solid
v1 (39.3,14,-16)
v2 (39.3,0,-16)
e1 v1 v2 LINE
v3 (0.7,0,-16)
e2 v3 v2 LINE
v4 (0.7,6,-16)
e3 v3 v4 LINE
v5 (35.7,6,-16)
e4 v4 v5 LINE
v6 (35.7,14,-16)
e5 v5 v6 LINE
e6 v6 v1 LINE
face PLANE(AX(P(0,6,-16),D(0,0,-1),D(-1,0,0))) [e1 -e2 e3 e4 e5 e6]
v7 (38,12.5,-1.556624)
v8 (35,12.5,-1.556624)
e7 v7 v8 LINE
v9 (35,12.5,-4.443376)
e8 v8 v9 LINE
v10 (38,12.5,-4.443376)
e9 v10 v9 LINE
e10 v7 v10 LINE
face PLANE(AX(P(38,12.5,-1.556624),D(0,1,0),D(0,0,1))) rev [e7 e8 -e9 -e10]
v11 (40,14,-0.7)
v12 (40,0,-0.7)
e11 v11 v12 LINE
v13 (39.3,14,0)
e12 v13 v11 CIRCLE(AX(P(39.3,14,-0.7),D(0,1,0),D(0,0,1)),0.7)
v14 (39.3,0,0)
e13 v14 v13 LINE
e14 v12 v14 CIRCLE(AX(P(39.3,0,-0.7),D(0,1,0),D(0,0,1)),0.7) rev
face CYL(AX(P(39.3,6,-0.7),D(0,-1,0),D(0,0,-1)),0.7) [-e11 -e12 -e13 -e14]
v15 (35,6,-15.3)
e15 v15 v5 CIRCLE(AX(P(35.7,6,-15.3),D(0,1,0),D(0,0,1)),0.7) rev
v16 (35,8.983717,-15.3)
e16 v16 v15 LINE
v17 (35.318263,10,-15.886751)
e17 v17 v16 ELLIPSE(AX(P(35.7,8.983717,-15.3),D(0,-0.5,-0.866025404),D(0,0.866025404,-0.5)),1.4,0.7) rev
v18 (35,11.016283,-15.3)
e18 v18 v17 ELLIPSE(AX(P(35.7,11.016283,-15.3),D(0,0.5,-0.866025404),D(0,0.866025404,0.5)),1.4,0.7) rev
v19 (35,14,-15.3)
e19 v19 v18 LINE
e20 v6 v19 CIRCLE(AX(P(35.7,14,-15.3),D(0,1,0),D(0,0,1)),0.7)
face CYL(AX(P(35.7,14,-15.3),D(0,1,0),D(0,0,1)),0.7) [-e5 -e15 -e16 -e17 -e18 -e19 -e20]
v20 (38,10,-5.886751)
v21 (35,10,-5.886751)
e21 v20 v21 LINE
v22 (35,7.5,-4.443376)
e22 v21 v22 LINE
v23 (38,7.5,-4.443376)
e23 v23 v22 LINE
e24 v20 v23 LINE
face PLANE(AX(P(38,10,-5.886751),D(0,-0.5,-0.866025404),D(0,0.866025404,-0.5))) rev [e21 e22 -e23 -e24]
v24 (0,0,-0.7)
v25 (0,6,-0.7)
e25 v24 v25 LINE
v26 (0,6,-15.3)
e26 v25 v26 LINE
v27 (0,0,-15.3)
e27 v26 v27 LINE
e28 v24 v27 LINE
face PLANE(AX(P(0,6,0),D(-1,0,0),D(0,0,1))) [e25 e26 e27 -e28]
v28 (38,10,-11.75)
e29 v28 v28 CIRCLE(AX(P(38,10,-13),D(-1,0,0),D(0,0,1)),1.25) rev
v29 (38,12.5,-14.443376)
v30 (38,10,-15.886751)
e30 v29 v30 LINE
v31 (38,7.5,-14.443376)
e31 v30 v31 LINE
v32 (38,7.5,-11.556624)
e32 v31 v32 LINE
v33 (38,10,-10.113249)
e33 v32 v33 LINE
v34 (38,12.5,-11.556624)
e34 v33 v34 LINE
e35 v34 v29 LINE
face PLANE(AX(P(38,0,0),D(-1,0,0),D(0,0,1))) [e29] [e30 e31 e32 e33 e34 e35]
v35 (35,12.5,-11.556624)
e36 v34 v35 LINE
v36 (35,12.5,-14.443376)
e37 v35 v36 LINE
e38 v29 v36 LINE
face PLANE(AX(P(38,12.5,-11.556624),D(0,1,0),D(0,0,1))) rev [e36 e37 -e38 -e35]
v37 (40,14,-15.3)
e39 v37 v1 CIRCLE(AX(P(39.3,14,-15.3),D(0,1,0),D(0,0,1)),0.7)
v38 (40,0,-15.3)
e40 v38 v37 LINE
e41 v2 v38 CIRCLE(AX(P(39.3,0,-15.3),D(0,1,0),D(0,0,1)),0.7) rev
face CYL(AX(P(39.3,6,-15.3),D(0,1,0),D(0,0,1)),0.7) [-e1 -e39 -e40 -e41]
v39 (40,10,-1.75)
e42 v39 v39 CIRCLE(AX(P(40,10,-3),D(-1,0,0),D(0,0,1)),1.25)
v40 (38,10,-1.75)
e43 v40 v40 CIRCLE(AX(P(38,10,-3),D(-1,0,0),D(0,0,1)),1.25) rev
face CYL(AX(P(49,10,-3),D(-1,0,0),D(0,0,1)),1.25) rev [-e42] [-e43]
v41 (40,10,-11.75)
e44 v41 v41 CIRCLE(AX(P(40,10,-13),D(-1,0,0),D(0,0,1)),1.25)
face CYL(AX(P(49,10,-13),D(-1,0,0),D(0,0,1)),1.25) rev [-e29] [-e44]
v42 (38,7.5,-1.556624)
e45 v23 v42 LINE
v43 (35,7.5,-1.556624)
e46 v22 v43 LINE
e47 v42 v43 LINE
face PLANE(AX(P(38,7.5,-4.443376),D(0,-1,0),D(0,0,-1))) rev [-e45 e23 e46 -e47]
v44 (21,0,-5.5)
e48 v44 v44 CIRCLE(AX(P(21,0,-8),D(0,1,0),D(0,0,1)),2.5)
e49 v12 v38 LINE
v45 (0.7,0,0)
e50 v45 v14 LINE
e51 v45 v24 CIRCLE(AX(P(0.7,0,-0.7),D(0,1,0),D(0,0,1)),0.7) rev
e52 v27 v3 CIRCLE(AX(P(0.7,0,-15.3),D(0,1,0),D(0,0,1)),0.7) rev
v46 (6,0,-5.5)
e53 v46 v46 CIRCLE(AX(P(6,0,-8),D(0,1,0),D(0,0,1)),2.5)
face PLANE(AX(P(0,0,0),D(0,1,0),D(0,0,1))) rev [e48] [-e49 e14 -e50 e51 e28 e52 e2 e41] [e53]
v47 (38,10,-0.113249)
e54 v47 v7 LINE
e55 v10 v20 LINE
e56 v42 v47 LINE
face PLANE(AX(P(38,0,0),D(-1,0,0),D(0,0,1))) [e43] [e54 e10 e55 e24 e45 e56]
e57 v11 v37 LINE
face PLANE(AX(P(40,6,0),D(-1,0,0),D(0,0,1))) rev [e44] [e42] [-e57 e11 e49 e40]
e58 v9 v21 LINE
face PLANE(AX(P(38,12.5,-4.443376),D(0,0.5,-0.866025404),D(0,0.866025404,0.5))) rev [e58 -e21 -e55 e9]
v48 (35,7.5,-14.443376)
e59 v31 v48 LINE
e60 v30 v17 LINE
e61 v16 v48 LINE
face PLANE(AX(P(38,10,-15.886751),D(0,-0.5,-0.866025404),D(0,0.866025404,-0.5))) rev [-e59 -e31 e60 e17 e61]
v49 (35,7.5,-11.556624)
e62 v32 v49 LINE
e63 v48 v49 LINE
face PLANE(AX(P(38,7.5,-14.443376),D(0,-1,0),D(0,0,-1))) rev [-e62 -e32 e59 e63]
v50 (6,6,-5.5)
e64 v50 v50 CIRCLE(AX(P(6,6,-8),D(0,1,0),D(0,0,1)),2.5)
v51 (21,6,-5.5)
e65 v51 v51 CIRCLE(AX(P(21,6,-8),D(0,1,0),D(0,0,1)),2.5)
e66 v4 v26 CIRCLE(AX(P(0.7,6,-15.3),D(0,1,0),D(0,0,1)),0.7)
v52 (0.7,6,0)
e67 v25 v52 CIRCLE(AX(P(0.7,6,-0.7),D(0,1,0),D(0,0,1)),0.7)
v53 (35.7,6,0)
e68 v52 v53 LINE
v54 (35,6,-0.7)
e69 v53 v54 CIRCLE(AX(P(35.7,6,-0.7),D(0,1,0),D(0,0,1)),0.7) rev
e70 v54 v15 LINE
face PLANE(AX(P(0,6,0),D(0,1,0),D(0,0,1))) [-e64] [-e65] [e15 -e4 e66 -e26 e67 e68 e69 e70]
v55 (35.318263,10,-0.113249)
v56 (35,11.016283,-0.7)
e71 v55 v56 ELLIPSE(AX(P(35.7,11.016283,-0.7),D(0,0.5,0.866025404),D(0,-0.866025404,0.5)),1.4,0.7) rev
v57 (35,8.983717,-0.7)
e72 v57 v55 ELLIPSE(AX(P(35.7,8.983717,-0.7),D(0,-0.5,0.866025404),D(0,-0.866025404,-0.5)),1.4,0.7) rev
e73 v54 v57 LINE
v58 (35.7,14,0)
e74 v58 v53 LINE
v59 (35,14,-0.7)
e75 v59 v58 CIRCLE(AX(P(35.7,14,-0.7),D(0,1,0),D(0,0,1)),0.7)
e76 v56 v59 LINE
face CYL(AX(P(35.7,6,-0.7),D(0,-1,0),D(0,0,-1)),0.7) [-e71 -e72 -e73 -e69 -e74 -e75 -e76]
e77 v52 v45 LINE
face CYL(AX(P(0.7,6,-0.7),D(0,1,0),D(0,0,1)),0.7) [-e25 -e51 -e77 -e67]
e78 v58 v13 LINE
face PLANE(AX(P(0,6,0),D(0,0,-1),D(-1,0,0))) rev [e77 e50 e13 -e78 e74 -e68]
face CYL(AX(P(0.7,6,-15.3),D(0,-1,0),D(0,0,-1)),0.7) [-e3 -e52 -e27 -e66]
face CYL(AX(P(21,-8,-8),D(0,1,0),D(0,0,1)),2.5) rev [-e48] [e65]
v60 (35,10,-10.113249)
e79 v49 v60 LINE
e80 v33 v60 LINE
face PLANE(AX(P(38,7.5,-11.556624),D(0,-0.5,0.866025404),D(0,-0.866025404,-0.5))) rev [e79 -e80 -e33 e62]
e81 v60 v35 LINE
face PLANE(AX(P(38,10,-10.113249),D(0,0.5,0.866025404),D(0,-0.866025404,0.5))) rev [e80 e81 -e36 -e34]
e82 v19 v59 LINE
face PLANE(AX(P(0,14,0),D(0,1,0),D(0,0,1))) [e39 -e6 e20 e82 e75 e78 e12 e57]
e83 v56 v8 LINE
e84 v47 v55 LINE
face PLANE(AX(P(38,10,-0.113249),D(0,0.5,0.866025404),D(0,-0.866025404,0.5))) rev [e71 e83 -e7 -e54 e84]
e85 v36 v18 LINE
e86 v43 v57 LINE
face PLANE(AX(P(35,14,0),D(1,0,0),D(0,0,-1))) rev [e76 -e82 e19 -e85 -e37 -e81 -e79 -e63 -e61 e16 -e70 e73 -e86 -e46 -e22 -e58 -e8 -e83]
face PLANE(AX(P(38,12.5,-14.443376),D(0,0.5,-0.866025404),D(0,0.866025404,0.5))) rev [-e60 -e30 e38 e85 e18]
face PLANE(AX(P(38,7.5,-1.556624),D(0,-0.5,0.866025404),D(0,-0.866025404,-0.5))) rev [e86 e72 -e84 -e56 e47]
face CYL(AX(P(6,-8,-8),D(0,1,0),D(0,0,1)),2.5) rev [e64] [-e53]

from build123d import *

# Parameters (mm, degrees)
SKETCH1_W           = 40
SKETCH1_H           = 16
BOSS_EXTRUDE1_DEPTH = 6
SKETCH1_4_W         = 5
SKETCH1_4_H         = 16
BOSS_EXTRUDE2_DEPTH = 14
SKETCH4_R           = 2.5
CUT_EXTRUDE1_DEPTH  = 14
SKETCH3_R           = 1.25
CUT_EXTRUDE2_DEPTH  = 14
FILLET1_R           = 0.7
CUT_EXTRUDE3_DEPTH  = 3


with BuildPart() as part:
    # Sketch1 → Boss-Extrude1 (new body)
    with BuildSketch(Plane(origin=(0, 0, 0), x_dir=(1, 0, 0), z_dir=(0, 1, 0))):
        with Locations((20, 8)):
            Rectangle(SKETCH1_W, SKETCH1_H)
    extrude(amount=BOSS_EXTRUDE1_DEPTH)

    # Sketch1<4> → Boss-Extrude2 (add)
    with BuildSketch(Plane(origin=(0, 0, 0), x_dir=(1, 0, 0), z_dir=(0, 1, 0))):
        with Locations((37.5, 8)):
            Rectangle(SKETCH1_4_W, SKETCH1_4_H)
    extrude(amount=BOSS_EXTRUDE2_DEPTH)

    # Sketch4 → Cut-Extrude1 (cut)
    with BuildSketch(Plane(origin=(0, 6, 0), x_dir=(1, 0, 0), z_dir=(0, 1, 0))):
        with Locations((6, 8)):
            Circle(SKETCH4_R)
        with Locations((21, 8)):
            Circle(SKETCH4_R)
    extrude(amount=-CUT_EXTRUDE1_DEPTH, mode=Mode.SUBTRACT)

    # Sketch3 → Cut-Extrude2 (cut)
    with BuildSketch(Plane.ZY.offset(-35)):
        with Locations((-13, 10)):
            Circle(SKETCH3_R)
        with Locations((-3, 10)):
            Circle(SKETCH3_R)
    extrude(amount=-CUT_EXTRUDE2_DEPTH, mode=Mode.SUBTRACT)

    # Fillet1
    fillet1_edges = [part.edges().sort_by_distance(p)[0] for p in [
        (0, 3, -16),
        (0, 3, 0),
        (35, 10, -16),
        (40, 7, -16),
        (35, 10, 0),
        (40, 7, 0),
    ]]
    fillet(fillet1_edges, radius=FILLET1_R)

    # Sketch5 → Cut-Extrude3 (cut)
    with BuildSketch(Plane.ZY.offset(-35)):
        Polygon((-11.556624327, 12.5), (-14.443375673, 12.5), (-15.886751346, 10), (-14.443375673, 7.5), (-11.556624327, 7.5), (-10.113248654, 10), align=None)
        Polygon((-4.443375673, 12.5), (-5.886751346, 10), (-4.443375673, 7.5), (-1.556624327, 7.5), (-0.113248654, 10), (-1.556624327, 12.5), align=None)
    extrude(amount=-CUT_EXTRUDE3_DEPTH, mode=Mode.SUBTRACT)


solid = part.part
